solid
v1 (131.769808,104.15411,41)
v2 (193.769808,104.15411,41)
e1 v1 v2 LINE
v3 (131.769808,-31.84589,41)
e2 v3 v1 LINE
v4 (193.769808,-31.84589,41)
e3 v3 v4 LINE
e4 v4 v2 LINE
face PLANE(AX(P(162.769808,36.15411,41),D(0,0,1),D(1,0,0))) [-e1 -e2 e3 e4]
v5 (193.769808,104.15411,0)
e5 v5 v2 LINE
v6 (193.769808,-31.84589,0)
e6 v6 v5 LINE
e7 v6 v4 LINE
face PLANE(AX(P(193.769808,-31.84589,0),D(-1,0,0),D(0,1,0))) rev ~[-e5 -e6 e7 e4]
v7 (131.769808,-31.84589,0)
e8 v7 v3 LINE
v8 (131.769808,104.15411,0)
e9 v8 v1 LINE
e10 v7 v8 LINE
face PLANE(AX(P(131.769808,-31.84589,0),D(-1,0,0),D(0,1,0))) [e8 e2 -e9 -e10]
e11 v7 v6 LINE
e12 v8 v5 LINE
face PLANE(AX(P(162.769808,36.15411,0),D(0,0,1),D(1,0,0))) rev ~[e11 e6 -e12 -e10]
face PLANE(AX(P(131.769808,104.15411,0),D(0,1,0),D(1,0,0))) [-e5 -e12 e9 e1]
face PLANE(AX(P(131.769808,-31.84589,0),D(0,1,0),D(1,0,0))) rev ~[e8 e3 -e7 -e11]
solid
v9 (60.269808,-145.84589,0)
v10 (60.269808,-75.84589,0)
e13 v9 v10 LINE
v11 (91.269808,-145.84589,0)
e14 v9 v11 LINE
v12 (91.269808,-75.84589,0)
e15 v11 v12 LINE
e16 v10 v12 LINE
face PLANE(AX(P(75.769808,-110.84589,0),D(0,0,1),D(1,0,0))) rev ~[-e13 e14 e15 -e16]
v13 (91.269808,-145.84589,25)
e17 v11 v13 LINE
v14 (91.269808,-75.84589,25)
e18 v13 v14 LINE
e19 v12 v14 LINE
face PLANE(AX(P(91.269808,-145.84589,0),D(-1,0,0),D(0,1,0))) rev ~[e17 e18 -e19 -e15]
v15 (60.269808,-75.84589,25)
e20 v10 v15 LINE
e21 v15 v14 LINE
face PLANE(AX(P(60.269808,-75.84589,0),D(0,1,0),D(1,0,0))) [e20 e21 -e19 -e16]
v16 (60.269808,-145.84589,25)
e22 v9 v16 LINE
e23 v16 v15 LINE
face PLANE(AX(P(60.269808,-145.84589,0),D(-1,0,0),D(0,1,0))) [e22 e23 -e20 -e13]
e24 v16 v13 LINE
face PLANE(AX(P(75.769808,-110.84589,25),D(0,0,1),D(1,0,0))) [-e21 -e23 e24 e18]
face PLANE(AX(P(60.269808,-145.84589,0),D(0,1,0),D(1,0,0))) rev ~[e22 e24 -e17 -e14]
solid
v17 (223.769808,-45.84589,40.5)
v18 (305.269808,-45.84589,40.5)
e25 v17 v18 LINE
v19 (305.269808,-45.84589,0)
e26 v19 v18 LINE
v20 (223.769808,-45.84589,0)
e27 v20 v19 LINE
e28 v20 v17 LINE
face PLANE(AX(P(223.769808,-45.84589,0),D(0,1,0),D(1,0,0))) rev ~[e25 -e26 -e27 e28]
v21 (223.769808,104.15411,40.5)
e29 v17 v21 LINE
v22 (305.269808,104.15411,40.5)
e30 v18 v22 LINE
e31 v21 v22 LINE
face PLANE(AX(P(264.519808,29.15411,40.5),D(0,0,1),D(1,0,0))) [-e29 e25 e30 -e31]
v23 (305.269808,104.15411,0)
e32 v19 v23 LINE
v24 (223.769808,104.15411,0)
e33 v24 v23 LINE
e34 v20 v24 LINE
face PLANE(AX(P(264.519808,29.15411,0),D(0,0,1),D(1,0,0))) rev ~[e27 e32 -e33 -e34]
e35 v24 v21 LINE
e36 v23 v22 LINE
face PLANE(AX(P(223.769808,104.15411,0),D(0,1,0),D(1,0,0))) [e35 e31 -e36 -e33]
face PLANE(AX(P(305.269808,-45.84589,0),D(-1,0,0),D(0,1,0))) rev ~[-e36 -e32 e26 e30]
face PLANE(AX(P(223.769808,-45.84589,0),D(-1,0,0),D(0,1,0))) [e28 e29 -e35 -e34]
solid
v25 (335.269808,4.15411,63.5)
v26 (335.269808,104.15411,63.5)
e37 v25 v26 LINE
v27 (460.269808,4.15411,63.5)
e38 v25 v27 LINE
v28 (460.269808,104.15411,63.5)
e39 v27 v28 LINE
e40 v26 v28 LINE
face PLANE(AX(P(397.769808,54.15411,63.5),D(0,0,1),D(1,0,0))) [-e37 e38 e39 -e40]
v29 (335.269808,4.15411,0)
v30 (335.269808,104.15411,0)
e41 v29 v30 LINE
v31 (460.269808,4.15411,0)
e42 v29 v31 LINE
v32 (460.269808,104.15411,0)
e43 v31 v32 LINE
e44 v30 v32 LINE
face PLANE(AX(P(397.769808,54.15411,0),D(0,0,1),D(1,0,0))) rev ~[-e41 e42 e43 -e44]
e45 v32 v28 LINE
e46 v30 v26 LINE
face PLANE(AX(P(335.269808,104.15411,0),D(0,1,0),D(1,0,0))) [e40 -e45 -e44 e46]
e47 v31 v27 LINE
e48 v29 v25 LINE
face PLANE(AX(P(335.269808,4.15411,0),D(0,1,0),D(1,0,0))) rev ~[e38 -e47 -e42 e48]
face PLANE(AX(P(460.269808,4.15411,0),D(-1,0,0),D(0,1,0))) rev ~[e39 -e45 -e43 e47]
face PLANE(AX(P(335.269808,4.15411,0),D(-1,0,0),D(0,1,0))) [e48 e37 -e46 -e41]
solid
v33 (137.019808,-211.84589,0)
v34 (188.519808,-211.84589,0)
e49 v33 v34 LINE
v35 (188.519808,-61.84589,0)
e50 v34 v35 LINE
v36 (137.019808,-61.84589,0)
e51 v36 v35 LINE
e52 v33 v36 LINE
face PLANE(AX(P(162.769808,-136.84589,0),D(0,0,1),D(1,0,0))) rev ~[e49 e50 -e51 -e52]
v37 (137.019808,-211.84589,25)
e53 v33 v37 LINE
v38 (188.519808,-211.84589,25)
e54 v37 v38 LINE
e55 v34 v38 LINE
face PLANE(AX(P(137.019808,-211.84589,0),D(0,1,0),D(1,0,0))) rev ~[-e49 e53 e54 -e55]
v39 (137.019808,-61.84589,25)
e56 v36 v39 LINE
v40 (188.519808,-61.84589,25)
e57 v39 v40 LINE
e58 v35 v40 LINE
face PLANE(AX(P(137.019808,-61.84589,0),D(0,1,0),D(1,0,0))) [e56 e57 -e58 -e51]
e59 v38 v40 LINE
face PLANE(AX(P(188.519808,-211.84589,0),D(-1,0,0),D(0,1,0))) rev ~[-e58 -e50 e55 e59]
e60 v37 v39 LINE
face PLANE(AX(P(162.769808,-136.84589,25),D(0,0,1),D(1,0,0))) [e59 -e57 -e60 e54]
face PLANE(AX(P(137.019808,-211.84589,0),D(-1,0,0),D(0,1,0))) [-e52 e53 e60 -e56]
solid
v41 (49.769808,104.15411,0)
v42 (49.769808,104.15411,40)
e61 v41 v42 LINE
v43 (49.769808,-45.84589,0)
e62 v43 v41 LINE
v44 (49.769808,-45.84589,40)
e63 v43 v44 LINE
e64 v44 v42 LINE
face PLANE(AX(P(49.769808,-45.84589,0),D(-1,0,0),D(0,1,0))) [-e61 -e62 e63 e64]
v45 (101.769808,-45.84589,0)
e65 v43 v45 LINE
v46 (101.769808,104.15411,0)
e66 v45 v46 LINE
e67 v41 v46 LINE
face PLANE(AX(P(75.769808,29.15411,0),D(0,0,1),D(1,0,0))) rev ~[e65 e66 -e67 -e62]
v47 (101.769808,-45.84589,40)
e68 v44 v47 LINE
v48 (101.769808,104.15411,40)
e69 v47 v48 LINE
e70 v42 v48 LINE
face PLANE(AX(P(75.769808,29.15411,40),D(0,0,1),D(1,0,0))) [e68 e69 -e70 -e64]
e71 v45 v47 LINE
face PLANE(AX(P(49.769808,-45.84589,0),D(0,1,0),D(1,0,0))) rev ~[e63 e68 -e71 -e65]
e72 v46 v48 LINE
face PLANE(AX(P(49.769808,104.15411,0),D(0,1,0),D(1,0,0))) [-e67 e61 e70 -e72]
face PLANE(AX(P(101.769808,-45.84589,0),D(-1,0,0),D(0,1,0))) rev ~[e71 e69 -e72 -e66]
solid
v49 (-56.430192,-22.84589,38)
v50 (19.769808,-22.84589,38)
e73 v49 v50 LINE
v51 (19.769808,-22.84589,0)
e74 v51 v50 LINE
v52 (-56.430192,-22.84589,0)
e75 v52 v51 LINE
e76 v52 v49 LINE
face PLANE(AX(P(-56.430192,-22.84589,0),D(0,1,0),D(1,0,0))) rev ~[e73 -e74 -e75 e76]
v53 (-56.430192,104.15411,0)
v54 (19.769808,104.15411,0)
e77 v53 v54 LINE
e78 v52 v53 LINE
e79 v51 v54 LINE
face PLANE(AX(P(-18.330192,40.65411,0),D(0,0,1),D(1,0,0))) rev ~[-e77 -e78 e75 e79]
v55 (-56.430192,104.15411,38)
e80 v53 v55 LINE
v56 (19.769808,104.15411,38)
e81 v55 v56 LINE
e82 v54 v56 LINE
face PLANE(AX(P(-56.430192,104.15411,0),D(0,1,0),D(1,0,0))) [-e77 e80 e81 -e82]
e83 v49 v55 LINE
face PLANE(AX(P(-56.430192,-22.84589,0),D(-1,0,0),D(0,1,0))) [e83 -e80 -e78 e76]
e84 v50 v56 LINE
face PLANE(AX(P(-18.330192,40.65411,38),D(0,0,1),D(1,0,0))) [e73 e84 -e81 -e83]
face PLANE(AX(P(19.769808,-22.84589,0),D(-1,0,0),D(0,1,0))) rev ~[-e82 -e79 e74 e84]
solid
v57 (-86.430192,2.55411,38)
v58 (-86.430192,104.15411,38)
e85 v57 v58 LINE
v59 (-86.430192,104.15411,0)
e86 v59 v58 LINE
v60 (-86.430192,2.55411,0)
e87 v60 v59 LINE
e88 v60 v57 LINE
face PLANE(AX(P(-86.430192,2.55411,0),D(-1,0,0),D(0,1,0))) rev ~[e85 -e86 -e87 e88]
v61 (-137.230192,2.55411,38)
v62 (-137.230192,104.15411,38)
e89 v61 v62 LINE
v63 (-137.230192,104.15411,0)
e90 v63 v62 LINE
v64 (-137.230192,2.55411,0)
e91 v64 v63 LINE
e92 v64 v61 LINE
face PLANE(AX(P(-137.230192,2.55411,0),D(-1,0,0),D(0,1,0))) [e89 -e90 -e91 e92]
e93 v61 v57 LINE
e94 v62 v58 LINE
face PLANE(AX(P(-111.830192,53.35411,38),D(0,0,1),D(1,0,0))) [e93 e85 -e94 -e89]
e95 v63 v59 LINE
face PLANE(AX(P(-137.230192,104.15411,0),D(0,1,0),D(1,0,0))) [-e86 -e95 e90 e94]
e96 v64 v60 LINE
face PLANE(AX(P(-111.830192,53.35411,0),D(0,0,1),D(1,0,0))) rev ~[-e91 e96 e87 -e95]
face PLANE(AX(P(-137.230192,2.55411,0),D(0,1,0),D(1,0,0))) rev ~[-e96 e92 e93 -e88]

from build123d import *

# Parameters (mm, degrees)
F0_W     = 50.8
F0_H     = 101.6
F0_W_2   = 76.2
F0_H_2   = 127
F1_DEPTH = 38
F0_W_3   = 52
F0_H_3   = 150
F2_DEPTH = 40
F0_W_4   = 81.5
F3_DEPTH = 40.5
F0_W_5   = 125
F0_H_4   = 100
F4_DEPTH = 63.5
F0_W_6   = 31
F0_H_5   = 70
F5_DEPTH = 25
F0_W_7   = 62
F0_H_6   = 136
F6_DEPTH = 41
F0_W_8   = 51.5
F7_DEPTH = 25


with BuildPart() as f1:
    # F0 (on Top) → F1 (new body)
    with BuildSketch(Plane.XY):
        with Locations((-111.830192, 53.35411)):
            Rectangle(F0_W, F0_H)
        with Locations((-18.330192, 40.65411)):
            Rectangle(F0_W_2, F0_H_2)
    extrude(amount=F1_DEPTH)


with BuildPart() as f2:
    # F0 (on Top) → F2 (new body)
    with BuildSketch(Plane.XY):
        with Locations((75.769808, 29.15411)):
            Rectangle(F0_W_3, F0_H_3)
    extrude(amount=F2_DEPTH)


with BuildPart() as f3:
    # F0 (on Top) → F3 (new body)
    with BuildSketch(Plane.XY):
        with Locations((264.519808, 29.15411)):
            Rectangle(F0_W_4, F0_H_3)
    extrude(amount=F3_DEPTH)


with BuildPart() as f4:
    # F0 (on Top) → F4 (new body)
    with BuildSketch(Plane.XY):
        with Locations((397.769808, 54.15411)):
            Rectangle(F0_W_5, F0_H_4)
    extrude(amount=F4_DEPTH)


with BuildPart() as f5:
    # F0 (on Top) → F5 (new body)
    with BuildSketch(Plane.XY):
        with Locations((75.769808, -110.84589)):
            Rectangle(F0_W_6, F0_H_5)
    extrude(amount=F5_DEPTH)


with BuildPart() as f6:
    # F0 (on Top) → F6 (new body)
    with BuildSketch(Plane.XY):
        with Locations((162.769808, 36.15411)):
            Rectangle(F0_W_7, F0_H_6)
    extrude(amount=F6_DEPTH)


with BuildPart() as f7:
    # F0 (on Top) → F7 (new body)
    with BuildSketch(Plane.XY):
        with Locations((162.769808, -136.84589)):
            Rectangle(F0_W_8, F0_H_3)
    extrude(amount=F7_DEPTH)


solid = Compound([f1.part, f2.part, f3.part, f4.part, f5.part, f6.part, f7.part])
